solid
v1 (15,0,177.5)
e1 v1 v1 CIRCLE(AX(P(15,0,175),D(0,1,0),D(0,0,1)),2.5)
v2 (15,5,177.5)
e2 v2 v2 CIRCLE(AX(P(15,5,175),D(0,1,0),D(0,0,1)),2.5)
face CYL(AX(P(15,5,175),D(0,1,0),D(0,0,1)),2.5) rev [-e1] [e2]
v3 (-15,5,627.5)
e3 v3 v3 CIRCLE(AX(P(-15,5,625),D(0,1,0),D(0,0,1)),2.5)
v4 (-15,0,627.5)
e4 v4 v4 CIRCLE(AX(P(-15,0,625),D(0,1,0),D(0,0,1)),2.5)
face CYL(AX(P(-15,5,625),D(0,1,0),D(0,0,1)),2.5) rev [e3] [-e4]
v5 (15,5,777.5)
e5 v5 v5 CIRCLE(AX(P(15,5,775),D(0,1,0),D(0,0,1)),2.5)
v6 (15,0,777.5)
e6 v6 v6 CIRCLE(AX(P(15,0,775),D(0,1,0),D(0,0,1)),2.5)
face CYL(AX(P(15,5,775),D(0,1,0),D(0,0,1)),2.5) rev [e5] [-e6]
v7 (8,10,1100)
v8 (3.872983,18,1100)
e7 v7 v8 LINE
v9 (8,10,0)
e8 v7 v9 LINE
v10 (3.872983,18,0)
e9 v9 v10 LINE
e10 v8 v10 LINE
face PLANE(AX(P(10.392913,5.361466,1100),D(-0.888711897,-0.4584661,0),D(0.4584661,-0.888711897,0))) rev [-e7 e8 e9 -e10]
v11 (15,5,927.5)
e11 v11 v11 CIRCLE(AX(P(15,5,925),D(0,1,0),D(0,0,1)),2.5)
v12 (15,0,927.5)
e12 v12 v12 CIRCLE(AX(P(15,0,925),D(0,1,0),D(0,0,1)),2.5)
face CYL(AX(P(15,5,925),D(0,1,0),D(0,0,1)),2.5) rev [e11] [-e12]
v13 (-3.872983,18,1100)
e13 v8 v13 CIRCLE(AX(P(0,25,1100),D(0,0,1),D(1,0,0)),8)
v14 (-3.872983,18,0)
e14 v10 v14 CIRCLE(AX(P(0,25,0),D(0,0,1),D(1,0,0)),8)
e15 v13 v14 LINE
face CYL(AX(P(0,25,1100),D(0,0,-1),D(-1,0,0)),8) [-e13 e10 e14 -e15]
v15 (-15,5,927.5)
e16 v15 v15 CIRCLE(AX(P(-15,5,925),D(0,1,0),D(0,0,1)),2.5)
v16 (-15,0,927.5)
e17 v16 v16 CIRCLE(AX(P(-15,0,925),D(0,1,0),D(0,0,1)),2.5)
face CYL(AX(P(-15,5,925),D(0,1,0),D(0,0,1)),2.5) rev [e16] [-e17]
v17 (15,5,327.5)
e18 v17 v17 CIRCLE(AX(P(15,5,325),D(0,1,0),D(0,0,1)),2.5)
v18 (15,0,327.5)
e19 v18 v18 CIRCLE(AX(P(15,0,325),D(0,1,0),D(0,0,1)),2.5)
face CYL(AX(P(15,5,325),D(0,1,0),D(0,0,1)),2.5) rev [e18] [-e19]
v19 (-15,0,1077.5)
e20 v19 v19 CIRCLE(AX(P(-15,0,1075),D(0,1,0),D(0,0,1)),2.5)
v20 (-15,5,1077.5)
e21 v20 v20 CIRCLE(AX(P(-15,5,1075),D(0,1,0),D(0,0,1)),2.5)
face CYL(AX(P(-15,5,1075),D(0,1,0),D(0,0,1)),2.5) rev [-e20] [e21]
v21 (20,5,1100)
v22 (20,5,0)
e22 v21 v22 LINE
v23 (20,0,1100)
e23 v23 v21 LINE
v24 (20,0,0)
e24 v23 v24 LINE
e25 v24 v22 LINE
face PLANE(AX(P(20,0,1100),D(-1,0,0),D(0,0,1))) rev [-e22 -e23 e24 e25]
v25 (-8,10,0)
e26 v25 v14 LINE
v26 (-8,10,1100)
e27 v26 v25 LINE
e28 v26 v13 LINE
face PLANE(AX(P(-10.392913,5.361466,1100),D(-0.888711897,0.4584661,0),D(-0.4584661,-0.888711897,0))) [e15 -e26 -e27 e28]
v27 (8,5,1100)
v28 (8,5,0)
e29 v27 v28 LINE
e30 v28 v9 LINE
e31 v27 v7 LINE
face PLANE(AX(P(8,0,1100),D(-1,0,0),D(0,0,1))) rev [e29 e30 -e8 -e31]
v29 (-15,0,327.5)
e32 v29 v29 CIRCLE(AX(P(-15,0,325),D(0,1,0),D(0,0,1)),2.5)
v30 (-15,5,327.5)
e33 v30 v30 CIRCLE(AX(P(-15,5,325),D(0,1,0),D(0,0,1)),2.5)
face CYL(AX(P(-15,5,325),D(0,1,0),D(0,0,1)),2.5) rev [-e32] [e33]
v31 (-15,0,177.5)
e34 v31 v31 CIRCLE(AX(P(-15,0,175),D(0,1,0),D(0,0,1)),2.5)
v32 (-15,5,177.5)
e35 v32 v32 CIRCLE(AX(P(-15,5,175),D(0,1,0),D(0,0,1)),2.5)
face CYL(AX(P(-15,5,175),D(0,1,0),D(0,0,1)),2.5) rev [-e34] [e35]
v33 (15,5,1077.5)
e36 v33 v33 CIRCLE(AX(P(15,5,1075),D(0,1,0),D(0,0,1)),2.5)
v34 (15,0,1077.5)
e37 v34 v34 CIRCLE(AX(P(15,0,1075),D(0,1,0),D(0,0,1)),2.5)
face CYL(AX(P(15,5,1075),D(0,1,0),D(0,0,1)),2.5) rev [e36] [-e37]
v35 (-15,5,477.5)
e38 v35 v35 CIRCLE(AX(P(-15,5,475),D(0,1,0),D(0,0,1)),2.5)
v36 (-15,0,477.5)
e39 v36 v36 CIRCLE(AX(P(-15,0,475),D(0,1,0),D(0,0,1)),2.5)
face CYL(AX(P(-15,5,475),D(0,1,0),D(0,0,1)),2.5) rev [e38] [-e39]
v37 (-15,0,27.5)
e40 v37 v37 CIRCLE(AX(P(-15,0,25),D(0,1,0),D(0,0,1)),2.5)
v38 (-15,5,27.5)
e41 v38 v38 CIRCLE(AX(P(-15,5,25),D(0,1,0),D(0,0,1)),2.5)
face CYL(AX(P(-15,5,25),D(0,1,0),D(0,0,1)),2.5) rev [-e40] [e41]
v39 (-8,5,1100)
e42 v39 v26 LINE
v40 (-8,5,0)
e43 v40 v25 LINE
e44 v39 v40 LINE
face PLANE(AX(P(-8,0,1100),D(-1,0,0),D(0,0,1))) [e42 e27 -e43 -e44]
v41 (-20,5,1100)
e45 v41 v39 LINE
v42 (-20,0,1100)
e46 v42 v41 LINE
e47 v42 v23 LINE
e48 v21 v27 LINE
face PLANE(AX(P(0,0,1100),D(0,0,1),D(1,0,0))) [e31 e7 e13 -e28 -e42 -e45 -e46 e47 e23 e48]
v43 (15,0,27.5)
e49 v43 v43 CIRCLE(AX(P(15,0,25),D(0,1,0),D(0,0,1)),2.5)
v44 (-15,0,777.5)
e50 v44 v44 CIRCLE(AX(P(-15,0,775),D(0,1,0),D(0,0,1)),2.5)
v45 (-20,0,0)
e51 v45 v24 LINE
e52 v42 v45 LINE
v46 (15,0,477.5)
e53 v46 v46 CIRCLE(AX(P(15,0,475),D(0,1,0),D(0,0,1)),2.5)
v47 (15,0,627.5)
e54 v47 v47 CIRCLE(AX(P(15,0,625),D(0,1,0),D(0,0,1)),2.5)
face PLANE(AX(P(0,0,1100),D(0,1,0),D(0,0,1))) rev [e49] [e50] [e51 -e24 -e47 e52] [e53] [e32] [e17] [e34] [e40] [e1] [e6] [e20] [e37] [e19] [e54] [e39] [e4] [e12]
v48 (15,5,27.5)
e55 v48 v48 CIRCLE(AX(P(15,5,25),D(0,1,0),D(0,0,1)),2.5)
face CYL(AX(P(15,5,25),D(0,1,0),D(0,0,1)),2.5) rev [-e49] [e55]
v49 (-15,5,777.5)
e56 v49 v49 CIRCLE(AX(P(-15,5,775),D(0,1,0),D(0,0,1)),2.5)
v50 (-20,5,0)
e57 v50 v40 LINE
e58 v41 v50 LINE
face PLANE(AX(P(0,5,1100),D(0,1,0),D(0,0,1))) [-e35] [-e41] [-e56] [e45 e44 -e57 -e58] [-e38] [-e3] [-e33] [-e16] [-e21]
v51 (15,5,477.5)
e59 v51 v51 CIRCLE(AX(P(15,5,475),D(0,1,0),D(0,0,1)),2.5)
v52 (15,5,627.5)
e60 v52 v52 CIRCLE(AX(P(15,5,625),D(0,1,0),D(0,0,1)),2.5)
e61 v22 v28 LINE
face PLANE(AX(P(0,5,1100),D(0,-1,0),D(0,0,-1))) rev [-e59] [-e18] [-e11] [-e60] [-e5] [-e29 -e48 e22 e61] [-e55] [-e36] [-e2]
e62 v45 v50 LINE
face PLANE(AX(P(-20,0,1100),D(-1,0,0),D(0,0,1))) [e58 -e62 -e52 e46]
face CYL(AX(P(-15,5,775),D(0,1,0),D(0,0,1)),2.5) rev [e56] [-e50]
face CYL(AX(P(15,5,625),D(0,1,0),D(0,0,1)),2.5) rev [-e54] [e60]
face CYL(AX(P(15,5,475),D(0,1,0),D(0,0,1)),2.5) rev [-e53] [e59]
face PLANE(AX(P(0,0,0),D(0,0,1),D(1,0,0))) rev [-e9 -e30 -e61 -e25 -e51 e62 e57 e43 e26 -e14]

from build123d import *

# Parameters (mm, degrees)
BOSS_EXTRUDE3_DEPTH   = 1100
BOSS_EXTRUDE4_DEPTH   = 1100
F_5_0MM_DOWEL_HOLE1_D = 5
LPATTERN1_COUNT       = 8
LPATTERN1_PITCH       = 150


with BuildPart() as part:
    # Sketch2 → Boss-Extrude3 (new body)
    with BuildSketch(Plane.XY):
        with BuildLine():
            Line((-20, 5), (-20, 0))
            Line((-20, 0), (20, 0))
            Line((20, 0), (20, 5))
            Line((20, 5), (8, 5))
            Line((8, 5), (8, 10))
            Line((8, 10), (3.872983346, 18))
            ThreePointArc((3.872983346, 18), (0, 17), (-3.872983346, 18))
            Line((-3.872983346, 18), (-8, 10))
            Line((-8, 10), (-8, 5))
            Line((-8, 5), (-20, 5))
        make_face()
    extrude(amount=BOSS_EXTRUDE3_DEPTH)

    # Sketch2<4> → Boss-Extrude4 (add)
    with BuildSketch(Plane.XY):
        with BuildLine():
            ThreePointArc((8, 25), (-4.063012013, 31.891439137), (-3.872983346, 18))
            ThreePointArc((-3.872983346, 18), (0, 17), (3.872983346, 18))
            ThreePointArc((3.872983346, 18), (6.891439137, 20.936987987), (8, 25))
        make_face()
    extrude(amount=BOSS_EXTRUDE4_DEPTH)

    # Ø5.0mm Dowel Hole1 (through all)
    with Locations(Plane(origin=(0, 5, 0), x_dir=(1, 0, 0), z_dir=(0, 1, 0))):
        with Locations((15, -1075), (-15, -1075)):
            f_5_0mm_dowel_hole1 = Hole(F_5_0MM_DOWEL_HOLE1_D / 2)

    # LPattern1: Ø5.0mm Dowel Hole1 ×8
    with Locations(*[(0, 0, -i * LPATTERN1_PITCH) for i in range(1, LPATTERN1_COUNT)]):
        add(f_5_0mm_dowel_hole1, mode=Mode.SUBTRACT)


solid = part.part
